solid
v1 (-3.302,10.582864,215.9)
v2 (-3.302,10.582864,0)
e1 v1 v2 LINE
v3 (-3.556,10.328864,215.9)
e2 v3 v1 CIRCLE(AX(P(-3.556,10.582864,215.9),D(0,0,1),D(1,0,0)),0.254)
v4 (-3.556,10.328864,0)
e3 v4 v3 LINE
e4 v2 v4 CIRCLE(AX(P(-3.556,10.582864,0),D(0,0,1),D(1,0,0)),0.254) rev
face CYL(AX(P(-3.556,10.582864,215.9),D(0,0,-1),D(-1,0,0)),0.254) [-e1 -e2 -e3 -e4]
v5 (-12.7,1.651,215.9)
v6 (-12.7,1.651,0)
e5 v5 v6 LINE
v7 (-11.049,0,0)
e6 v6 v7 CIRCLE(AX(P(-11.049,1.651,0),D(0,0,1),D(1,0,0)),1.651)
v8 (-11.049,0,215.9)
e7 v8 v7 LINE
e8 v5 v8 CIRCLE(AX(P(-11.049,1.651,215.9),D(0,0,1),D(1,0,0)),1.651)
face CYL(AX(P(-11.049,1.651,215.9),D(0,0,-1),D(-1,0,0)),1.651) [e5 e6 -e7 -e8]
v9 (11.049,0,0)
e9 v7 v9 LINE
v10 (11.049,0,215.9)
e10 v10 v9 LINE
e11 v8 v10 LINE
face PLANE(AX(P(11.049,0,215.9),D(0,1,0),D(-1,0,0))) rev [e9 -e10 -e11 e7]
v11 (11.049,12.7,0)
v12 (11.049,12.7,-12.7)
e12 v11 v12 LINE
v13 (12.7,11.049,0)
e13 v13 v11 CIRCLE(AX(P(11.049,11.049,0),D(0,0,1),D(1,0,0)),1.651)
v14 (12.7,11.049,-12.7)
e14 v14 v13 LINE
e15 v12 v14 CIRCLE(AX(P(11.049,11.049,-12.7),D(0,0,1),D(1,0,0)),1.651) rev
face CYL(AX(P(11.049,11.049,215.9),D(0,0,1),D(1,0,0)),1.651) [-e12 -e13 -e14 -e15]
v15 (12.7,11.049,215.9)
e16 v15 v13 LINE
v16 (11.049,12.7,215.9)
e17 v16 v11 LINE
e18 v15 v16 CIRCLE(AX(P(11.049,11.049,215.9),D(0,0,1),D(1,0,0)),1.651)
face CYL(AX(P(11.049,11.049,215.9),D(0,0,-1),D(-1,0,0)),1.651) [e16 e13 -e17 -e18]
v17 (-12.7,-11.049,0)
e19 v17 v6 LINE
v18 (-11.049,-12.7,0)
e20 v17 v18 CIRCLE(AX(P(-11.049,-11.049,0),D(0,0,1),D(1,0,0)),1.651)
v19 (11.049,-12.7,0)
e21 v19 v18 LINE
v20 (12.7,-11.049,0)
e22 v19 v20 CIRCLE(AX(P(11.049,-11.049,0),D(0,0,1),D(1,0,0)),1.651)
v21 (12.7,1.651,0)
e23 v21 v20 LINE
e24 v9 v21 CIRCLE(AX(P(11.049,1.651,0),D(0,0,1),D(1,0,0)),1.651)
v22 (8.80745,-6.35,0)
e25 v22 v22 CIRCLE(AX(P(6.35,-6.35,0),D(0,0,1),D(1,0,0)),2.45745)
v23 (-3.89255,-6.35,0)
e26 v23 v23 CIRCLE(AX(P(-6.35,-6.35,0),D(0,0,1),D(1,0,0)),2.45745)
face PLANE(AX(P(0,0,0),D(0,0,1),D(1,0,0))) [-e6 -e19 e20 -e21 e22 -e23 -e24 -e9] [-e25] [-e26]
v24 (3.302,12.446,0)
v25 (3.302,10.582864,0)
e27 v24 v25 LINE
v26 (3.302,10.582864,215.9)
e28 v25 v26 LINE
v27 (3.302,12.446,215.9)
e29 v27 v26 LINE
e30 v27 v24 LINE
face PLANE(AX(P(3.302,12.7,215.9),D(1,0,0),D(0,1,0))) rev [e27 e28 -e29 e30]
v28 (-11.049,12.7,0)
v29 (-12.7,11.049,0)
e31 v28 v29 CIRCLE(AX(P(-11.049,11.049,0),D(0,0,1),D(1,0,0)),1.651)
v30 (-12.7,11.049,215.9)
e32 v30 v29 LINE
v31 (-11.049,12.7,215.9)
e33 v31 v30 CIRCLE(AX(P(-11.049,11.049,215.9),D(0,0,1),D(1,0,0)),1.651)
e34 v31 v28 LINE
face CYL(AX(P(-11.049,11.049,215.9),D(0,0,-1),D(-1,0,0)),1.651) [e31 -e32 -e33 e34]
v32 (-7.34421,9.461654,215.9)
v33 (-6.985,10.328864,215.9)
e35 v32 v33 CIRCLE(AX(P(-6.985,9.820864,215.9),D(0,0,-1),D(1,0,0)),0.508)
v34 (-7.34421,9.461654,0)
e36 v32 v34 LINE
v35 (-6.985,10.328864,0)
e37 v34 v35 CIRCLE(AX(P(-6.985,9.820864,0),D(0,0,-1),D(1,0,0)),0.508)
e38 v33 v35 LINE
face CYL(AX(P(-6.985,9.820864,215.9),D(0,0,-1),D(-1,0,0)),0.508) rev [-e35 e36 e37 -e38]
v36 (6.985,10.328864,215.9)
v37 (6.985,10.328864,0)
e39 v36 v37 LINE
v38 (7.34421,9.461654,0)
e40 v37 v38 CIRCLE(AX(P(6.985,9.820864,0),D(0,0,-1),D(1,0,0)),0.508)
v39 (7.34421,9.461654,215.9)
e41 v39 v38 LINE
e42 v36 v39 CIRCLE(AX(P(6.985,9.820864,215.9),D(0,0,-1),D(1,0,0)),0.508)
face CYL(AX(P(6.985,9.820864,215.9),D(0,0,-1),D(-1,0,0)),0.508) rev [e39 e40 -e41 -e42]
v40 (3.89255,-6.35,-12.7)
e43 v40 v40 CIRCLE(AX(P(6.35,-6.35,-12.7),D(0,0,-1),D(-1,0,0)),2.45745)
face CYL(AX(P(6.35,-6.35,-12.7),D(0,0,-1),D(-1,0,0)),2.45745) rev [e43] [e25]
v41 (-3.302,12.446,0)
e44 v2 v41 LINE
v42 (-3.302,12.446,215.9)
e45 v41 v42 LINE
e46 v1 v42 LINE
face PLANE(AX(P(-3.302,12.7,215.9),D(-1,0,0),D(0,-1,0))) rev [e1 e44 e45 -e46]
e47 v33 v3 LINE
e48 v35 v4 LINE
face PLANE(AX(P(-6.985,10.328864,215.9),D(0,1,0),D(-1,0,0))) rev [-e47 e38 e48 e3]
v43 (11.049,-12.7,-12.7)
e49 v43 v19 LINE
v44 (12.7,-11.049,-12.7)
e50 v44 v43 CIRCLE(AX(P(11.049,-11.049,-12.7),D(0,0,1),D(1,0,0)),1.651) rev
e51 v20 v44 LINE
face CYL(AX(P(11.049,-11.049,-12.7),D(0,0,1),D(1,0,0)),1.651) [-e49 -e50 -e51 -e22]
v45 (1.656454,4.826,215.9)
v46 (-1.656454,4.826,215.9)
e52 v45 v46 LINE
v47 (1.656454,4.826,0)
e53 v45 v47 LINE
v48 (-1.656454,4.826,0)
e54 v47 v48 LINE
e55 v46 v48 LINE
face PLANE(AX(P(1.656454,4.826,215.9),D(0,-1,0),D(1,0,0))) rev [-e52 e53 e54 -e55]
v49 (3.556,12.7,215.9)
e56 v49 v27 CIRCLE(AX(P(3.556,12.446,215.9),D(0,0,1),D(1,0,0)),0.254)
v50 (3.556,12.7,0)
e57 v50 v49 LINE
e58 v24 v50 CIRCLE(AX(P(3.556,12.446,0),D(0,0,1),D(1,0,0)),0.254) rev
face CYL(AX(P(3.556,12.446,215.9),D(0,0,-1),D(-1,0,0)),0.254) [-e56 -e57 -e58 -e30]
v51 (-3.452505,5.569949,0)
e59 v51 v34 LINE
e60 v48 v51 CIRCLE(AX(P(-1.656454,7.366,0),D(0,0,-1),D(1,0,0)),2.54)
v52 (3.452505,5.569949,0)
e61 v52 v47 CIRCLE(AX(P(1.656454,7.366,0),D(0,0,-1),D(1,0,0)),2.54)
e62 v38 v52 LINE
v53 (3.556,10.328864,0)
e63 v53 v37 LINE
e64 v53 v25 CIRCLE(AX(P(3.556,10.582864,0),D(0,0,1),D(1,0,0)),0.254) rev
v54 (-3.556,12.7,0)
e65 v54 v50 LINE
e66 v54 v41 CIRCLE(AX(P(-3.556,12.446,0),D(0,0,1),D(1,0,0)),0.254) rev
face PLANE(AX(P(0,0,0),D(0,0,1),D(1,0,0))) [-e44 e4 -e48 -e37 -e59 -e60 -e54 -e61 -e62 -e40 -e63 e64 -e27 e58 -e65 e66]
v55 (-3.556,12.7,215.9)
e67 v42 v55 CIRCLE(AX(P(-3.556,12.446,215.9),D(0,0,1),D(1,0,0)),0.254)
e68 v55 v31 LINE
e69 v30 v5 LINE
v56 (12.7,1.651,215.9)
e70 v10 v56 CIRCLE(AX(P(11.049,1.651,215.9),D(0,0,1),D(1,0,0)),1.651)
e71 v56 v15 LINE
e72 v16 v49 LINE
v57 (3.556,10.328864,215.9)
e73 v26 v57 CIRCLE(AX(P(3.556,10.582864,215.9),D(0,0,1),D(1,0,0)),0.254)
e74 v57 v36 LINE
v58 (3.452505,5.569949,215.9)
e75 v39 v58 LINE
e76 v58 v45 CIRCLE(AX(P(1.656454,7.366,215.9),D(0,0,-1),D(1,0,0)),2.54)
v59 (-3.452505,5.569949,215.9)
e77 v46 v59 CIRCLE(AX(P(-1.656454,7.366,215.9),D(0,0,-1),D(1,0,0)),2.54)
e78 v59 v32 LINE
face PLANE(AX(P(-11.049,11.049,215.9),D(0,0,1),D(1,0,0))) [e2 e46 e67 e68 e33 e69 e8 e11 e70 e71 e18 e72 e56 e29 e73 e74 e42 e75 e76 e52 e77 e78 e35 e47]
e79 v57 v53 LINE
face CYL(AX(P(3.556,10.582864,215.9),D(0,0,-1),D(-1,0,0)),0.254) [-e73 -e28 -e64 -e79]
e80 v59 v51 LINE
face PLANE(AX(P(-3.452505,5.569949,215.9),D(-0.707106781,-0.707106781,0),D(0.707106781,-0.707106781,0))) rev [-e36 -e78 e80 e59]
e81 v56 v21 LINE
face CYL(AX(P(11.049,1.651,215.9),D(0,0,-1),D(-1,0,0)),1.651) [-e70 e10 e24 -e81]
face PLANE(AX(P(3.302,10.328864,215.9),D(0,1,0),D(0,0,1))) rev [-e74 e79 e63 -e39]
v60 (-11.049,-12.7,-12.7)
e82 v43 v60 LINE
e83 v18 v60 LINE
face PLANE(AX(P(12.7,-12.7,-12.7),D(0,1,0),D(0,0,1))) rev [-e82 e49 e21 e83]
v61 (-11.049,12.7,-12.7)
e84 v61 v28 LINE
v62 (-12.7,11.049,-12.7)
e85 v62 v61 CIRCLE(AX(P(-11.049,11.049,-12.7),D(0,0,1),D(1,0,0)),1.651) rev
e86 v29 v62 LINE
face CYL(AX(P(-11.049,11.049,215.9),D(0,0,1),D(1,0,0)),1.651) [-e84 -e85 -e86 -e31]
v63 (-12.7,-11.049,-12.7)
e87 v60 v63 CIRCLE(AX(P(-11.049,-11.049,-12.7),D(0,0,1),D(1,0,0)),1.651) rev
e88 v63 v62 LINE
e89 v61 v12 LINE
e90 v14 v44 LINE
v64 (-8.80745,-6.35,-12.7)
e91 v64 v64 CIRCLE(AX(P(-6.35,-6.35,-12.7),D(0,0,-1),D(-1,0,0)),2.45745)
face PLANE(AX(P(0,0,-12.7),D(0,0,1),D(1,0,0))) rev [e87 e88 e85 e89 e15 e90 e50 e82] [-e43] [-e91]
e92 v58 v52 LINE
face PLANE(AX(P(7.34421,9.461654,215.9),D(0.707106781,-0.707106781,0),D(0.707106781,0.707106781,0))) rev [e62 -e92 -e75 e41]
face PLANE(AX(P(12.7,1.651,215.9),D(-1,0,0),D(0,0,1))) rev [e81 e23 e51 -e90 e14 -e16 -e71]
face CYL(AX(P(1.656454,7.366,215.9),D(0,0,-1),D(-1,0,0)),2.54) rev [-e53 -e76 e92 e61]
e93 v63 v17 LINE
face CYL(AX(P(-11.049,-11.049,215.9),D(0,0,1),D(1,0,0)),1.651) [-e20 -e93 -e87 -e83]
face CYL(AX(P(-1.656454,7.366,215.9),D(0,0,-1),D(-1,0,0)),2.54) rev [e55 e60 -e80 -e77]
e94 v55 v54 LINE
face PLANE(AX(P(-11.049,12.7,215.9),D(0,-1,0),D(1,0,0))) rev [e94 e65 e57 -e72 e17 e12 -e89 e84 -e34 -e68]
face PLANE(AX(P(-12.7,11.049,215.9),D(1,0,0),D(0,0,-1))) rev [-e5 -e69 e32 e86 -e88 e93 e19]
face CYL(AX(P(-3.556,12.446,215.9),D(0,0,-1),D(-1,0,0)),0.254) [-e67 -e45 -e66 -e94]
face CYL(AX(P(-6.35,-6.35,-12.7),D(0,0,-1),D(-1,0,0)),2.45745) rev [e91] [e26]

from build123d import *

# Parameters (mm, degrees)
BOSS_EXTRUDE1_DEPTH              = 215.9
FILLET1_R                        = 0.254
SKETCH4_W                        = 25.4
SKETCH4_H                        = 25.4
BOSS_EXTRUDE2_DEPTH              = 12.7
FILLET2_R                        = 1.651
F_10_0_1935_DIAMETER_HOLE1_D     = 4.9149
F_10_0_1935_DIAMETER_HOLE1_DEPTH = 23.923415072
F_10_0_1935_DIAMETER_HOLE1_TIP   = 1.476584928


with BuildPart() as part:
    # Sketch3 → Boss-Extrude1 (new body)
    with BuildSketch(Plane.XY):
        with BuildLine():
            Line((-11.049, 12.7), (-3.302, 12.7))
            Line((-3.302, 12.7), (-3.302, 10.328863887))
            Line((-3.302, 10.328863887), (-6.985, 10.328863887))
            ThreePointArc((-6.985, 10.328863887), (-7.454330803, 10.01526707), (-7.344210245, 9.461653642))
            Line((-7.344210245, 9.461653642), (-3.452505379, 5.569948776))
            ThreePointArc((-3.452505379, 5.569948776), (-2.628470073, 5.019345987), (-1.656454155, 4.826))
            Line((-1.656454155, 4.826), (1.656454155, 4.826))
            ThreePointArc((1.656454155, 4.826), (2.628470073, 5.019345987), (3.452505379, 5.569948776))
            Line((3.452505379, 5.569948776), (7.344210245, 9.461653642))
            ThreePointArc((7.344210245, 9.461653642), (7.454330803, 10.01526707), (6.985, 10.328863887))
            Line((6.985, 10.328863887), (3.302, 10.328863887))
            Line((3.302, 10.328863887), (3.302, 12.7))
            Line((3.302, 12.7), (11.049, 12.7))
            ThreePointArc((11.049, 12.7), (12.216433296, 12.216433296), (12.7, 11.049))
            Line((12.7, 11.049), (12.7, 1.651))
            ThreePointArc((12.7, 1.651), (12.216433296, 0.483566704), (11.049, 0))
            Line((11.049, 0), (-11.049, 0))
            ThreePointArc((-11.049, 0), (-12.216433296, 0.483566704), (-12.7, 1.651))
            Line((-12.7, 1.651), (-12.7, 11.049))
            ThreePointArc((-12.7, 11.049), (-12.216433296, 12.216433296), (-11.049, 12.7))
        make_face()
    extrude(amount=BOSS_EXTRUDE1_DEPTH)

    # Fillet1
    fillet1_edges = [part.edges().sort_by_distance(p)[0] for p in [
        (-3.302, 12.7, 107.95),
        (-3.302, 10.328863887, 107.95),
        (3.302, 10.328863887, 107.95),
        (3.302, 12.7, 107.95),
    ]]
    fillet(fillet1_edges, radius=FILLET1_R)

    # Sketch4 → Boss-Extrude2 (add)
    with BuildSketch(Plane(origin=(0, 0, 0), x_dir=(-1, 0, 0), z_dir=(0, 0, -1))):
        Rectangle(SKETCH4_W, SKETCH4_H)
    extrude(amount=BOSS_EXTRUDE2_DEPTH)

    # Fillet2
    fillet2_edges = [part.edges().sort_by_distance(p)[0] for p in [
        (-12.7, 12.7, -6.35),
        (12.7, 12.7, -6.35),
        (-12.7, -12.7, -6.35),
        (12.7, -12.7, -6.35),
    ]]
    fillet(fillet2_edges, radius=FILLET2_R)

    # #10 (0.1935) Diameter Hole1
    with Locations(Plane(origin=(0, 0, -12.7), x_dir=(-1, 0, 0), z_dir=(0, 0, -1))):
        with Locations((-6.35, -6.35), (6.35, -6.35)):
            Hole(F_10_0_1935_DIAMETER_HOLE1_D / 2, depth=F_10_0_1935_DIAMETER_HOLE1_DEPTH)
            with Locations((0, 0, -(F_10_0_1935_DIAMETER_HOLE1_DEPTH + F_10_0_1935_DIAMETER_HOLE1_TIP / 2))):  # 118° drill point
                Cone(0, F_10_0_1935_DIAMETER_HOLE1_D / 2, F_10_0_1935_DIAMETER_HOLE1_TIP, mode=Mode.SUBTRACT)


solid = part.part
